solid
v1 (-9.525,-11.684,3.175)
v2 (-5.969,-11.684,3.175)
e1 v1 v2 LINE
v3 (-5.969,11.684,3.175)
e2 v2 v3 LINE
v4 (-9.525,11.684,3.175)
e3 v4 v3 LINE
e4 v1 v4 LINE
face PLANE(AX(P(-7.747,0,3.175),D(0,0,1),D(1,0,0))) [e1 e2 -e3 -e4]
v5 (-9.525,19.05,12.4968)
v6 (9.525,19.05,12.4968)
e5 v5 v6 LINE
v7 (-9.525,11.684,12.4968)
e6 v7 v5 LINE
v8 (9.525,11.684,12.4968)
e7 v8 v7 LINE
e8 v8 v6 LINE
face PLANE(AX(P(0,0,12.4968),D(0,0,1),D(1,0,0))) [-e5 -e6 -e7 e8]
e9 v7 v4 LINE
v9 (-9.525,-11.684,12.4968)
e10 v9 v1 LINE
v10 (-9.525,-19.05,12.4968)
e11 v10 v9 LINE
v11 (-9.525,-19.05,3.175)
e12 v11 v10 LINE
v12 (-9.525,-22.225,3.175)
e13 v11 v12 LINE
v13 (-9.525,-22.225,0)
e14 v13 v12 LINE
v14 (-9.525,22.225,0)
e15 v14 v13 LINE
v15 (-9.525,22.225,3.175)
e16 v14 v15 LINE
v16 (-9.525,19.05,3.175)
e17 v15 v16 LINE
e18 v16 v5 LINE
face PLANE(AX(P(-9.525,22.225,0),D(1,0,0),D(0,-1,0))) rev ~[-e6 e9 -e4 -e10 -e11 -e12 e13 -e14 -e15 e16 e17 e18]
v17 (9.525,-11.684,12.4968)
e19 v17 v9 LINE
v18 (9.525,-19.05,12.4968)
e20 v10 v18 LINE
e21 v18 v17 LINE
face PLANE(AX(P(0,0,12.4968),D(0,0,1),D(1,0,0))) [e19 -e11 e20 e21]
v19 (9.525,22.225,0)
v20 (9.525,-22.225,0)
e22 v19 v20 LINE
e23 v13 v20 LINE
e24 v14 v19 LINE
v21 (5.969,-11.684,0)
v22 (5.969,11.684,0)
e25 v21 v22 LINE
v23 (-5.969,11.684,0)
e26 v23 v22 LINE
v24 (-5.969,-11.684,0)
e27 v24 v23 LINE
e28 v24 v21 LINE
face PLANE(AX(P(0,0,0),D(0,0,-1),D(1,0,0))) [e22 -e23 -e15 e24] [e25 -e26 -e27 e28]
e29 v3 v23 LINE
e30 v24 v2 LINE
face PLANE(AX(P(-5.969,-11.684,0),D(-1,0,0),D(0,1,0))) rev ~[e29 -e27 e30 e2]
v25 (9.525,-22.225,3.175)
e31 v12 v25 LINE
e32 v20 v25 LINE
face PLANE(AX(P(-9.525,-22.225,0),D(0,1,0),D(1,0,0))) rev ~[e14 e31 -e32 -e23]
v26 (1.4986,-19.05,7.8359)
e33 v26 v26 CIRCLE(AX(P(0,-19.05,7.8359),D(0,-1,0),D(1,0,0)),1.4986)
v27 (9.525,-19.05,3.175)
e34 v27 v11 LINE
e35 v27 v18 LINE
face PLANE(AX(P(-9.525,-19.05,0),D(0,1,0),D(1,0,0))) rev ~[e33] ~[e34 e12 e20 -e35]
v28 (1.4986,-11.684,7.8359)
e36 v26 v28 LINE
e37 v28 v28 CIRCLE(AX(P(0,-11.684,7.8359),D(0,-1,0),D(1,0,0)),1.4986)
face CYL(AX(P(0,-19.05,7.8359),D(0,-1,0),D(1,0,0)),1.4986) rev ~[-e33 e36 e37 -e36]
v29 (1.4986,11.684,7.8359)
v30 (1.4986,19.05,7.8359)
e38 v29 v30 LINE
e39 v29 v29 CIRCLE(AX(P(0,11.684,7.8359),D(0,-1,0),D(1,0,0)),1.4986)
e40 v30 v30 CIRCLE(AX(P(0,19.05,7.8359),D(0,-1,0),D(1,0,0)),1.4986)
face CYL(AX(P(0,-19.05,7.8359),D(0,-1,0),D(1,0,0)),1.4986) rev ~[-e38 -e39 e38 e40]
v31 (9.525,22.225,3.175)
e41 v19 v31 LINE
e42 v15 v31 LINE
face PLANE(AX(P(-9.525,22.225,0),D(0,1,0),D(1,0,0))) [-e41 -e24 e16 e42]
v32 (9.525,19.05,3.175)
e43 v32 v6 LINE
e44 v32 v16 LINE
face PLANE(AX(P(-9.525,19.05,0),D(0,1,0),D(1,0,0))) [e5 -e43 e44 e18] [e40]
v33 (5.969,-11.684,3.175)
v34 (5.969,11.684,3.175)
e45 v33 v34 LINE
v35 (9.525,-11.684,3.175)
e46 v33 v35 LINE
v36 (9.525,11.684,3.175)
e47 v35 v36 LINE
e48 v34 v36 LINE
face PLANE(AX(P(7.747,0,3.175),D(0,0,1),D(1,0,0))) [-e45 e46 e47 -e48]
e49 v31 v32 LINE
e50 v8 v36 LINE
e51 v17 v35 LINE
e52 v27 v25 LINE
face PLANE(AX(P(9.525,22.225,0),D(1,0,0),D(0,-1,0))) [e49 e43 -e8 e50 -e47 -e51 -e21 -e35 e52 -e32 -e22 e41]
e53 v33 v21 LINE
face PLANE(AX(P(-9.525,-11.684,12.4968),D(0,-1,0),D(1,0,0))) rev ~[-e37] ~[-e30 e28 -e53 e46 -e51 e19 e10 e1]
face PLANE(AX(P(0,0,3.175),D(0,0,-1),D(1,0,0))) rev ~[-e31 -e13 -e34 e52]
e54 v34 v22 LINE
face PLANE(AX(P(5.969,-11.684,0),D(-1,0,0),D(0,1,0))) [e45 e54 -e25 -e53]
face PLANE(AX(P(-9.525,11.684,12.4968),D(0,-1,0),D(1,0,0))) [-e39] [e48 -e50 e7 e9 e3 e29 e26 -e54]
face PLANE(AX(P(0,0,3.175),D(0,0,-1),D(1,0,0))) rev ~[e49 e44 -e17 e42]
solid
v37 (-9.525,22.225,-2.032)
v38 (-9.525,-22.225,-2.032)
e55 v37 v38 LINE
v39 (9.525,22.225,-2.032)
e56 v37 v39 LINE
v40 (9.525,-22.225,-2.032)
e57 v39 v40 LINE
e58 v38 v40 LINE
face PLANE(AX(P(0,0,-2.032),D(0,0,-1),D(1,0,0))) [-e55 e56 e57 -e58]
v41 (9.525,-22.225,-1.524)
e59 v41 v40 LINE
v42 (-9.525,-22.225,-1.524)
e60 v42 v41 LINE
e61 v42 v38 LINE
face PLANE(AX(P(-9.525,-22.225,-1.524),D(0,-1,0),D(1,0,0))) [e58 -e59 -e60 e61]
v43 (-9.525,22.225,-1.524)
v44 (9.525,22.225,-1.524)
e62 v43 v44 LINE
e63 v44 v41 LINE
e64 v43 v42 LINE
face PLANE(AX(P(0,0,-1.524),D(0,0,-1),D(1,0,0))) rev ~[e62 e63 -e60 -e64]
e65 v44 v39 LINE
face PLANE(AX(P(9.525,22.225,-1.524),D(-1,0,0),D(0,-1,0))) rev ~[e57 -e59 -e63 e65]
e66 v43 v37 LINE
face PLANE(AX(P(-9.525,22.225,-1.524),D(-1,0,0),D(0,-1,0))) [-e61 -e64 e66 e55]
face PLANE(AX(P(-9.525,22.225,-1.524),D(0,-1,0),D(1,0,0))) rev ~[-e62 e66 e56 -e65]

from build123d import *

# Parameters (mm, degrees)
F0_W      = 19.05
F0_H      = 38.1
F0_W_2    = 11.938
F0_H_2    = 23.368
F1_DEPTH  = 12.4968
F2_W      = 19.05
F2_H      = 44.45
F2_W_2    = 11.938
F2_H_2    = 23.368
F3_DEPTH  = 3.175
F4_W      = 3.556
F4_H      = 23.368
F5_DEPTH  = 9.3218
F6_R      = 1.4986
F7_DEPTH  = 41.276
F9_W      = 19.05
F9_H      = 44.45
F10_DEPTH = 0.508


with BuildPart() as f1:
    # F0 (on Top) → F1 (new body)
    with BuildSketch(Plane.XY):
        Rectangle(F0_W, F0_H)
        Rectangle(F0_W_2, F0_H_2, mode=Mode.SUBTRACT)
    extrude(amount=F1_DEPTH)

    # F2 (on face) → F3 (join)
    with BuildSketch(Plane(origin=(0, 0, 0), x_dir=(1, 0, 0), z_dir=(0, 0, -1))):
        Rectangle(F2_W, F2_H)
        Rectangle(F2_W_2, F2_H_2, mode=Mode.SUBTRACT)
    extrude(amount=-F3_DEPTH)

    # F4 (on face) → F5 (cut, through all)
    with BuildSketch(Plane.XY.offset(12.4968)):
        with Locations((-7.747, 0)):
            Rectangle(F4_W, F4_H)
        with Locations((7.747, 0)):
            Rectangle(F4_W, F4_H)
    extrude(amount=-F5_DEPTH, mode=Mode.SUBTRACT)

    # F6 (on face) → F7 (cut, through all)
    with BuildSketch(Plane.XZ.offset(19.05)):
        with Locations((0, 7.8359)):
            Circle(F6_R)
    extrude(amount=-F7_DEPTH, mode=Mode.SUBTRACT)


with BuildPart() as f10:
    # F9 (on offset) → F10 (new body)
    with BuildSketch(Plane(origin=(0, 0, -1.524), x_dir=(1, 0, 0), z_dir=(0, 0, -1))):
        Rectangle(F9_W, F9_H)
    extrude(amount=F10_DEPTH)


solid = Compound([f1.part, f10.part])
